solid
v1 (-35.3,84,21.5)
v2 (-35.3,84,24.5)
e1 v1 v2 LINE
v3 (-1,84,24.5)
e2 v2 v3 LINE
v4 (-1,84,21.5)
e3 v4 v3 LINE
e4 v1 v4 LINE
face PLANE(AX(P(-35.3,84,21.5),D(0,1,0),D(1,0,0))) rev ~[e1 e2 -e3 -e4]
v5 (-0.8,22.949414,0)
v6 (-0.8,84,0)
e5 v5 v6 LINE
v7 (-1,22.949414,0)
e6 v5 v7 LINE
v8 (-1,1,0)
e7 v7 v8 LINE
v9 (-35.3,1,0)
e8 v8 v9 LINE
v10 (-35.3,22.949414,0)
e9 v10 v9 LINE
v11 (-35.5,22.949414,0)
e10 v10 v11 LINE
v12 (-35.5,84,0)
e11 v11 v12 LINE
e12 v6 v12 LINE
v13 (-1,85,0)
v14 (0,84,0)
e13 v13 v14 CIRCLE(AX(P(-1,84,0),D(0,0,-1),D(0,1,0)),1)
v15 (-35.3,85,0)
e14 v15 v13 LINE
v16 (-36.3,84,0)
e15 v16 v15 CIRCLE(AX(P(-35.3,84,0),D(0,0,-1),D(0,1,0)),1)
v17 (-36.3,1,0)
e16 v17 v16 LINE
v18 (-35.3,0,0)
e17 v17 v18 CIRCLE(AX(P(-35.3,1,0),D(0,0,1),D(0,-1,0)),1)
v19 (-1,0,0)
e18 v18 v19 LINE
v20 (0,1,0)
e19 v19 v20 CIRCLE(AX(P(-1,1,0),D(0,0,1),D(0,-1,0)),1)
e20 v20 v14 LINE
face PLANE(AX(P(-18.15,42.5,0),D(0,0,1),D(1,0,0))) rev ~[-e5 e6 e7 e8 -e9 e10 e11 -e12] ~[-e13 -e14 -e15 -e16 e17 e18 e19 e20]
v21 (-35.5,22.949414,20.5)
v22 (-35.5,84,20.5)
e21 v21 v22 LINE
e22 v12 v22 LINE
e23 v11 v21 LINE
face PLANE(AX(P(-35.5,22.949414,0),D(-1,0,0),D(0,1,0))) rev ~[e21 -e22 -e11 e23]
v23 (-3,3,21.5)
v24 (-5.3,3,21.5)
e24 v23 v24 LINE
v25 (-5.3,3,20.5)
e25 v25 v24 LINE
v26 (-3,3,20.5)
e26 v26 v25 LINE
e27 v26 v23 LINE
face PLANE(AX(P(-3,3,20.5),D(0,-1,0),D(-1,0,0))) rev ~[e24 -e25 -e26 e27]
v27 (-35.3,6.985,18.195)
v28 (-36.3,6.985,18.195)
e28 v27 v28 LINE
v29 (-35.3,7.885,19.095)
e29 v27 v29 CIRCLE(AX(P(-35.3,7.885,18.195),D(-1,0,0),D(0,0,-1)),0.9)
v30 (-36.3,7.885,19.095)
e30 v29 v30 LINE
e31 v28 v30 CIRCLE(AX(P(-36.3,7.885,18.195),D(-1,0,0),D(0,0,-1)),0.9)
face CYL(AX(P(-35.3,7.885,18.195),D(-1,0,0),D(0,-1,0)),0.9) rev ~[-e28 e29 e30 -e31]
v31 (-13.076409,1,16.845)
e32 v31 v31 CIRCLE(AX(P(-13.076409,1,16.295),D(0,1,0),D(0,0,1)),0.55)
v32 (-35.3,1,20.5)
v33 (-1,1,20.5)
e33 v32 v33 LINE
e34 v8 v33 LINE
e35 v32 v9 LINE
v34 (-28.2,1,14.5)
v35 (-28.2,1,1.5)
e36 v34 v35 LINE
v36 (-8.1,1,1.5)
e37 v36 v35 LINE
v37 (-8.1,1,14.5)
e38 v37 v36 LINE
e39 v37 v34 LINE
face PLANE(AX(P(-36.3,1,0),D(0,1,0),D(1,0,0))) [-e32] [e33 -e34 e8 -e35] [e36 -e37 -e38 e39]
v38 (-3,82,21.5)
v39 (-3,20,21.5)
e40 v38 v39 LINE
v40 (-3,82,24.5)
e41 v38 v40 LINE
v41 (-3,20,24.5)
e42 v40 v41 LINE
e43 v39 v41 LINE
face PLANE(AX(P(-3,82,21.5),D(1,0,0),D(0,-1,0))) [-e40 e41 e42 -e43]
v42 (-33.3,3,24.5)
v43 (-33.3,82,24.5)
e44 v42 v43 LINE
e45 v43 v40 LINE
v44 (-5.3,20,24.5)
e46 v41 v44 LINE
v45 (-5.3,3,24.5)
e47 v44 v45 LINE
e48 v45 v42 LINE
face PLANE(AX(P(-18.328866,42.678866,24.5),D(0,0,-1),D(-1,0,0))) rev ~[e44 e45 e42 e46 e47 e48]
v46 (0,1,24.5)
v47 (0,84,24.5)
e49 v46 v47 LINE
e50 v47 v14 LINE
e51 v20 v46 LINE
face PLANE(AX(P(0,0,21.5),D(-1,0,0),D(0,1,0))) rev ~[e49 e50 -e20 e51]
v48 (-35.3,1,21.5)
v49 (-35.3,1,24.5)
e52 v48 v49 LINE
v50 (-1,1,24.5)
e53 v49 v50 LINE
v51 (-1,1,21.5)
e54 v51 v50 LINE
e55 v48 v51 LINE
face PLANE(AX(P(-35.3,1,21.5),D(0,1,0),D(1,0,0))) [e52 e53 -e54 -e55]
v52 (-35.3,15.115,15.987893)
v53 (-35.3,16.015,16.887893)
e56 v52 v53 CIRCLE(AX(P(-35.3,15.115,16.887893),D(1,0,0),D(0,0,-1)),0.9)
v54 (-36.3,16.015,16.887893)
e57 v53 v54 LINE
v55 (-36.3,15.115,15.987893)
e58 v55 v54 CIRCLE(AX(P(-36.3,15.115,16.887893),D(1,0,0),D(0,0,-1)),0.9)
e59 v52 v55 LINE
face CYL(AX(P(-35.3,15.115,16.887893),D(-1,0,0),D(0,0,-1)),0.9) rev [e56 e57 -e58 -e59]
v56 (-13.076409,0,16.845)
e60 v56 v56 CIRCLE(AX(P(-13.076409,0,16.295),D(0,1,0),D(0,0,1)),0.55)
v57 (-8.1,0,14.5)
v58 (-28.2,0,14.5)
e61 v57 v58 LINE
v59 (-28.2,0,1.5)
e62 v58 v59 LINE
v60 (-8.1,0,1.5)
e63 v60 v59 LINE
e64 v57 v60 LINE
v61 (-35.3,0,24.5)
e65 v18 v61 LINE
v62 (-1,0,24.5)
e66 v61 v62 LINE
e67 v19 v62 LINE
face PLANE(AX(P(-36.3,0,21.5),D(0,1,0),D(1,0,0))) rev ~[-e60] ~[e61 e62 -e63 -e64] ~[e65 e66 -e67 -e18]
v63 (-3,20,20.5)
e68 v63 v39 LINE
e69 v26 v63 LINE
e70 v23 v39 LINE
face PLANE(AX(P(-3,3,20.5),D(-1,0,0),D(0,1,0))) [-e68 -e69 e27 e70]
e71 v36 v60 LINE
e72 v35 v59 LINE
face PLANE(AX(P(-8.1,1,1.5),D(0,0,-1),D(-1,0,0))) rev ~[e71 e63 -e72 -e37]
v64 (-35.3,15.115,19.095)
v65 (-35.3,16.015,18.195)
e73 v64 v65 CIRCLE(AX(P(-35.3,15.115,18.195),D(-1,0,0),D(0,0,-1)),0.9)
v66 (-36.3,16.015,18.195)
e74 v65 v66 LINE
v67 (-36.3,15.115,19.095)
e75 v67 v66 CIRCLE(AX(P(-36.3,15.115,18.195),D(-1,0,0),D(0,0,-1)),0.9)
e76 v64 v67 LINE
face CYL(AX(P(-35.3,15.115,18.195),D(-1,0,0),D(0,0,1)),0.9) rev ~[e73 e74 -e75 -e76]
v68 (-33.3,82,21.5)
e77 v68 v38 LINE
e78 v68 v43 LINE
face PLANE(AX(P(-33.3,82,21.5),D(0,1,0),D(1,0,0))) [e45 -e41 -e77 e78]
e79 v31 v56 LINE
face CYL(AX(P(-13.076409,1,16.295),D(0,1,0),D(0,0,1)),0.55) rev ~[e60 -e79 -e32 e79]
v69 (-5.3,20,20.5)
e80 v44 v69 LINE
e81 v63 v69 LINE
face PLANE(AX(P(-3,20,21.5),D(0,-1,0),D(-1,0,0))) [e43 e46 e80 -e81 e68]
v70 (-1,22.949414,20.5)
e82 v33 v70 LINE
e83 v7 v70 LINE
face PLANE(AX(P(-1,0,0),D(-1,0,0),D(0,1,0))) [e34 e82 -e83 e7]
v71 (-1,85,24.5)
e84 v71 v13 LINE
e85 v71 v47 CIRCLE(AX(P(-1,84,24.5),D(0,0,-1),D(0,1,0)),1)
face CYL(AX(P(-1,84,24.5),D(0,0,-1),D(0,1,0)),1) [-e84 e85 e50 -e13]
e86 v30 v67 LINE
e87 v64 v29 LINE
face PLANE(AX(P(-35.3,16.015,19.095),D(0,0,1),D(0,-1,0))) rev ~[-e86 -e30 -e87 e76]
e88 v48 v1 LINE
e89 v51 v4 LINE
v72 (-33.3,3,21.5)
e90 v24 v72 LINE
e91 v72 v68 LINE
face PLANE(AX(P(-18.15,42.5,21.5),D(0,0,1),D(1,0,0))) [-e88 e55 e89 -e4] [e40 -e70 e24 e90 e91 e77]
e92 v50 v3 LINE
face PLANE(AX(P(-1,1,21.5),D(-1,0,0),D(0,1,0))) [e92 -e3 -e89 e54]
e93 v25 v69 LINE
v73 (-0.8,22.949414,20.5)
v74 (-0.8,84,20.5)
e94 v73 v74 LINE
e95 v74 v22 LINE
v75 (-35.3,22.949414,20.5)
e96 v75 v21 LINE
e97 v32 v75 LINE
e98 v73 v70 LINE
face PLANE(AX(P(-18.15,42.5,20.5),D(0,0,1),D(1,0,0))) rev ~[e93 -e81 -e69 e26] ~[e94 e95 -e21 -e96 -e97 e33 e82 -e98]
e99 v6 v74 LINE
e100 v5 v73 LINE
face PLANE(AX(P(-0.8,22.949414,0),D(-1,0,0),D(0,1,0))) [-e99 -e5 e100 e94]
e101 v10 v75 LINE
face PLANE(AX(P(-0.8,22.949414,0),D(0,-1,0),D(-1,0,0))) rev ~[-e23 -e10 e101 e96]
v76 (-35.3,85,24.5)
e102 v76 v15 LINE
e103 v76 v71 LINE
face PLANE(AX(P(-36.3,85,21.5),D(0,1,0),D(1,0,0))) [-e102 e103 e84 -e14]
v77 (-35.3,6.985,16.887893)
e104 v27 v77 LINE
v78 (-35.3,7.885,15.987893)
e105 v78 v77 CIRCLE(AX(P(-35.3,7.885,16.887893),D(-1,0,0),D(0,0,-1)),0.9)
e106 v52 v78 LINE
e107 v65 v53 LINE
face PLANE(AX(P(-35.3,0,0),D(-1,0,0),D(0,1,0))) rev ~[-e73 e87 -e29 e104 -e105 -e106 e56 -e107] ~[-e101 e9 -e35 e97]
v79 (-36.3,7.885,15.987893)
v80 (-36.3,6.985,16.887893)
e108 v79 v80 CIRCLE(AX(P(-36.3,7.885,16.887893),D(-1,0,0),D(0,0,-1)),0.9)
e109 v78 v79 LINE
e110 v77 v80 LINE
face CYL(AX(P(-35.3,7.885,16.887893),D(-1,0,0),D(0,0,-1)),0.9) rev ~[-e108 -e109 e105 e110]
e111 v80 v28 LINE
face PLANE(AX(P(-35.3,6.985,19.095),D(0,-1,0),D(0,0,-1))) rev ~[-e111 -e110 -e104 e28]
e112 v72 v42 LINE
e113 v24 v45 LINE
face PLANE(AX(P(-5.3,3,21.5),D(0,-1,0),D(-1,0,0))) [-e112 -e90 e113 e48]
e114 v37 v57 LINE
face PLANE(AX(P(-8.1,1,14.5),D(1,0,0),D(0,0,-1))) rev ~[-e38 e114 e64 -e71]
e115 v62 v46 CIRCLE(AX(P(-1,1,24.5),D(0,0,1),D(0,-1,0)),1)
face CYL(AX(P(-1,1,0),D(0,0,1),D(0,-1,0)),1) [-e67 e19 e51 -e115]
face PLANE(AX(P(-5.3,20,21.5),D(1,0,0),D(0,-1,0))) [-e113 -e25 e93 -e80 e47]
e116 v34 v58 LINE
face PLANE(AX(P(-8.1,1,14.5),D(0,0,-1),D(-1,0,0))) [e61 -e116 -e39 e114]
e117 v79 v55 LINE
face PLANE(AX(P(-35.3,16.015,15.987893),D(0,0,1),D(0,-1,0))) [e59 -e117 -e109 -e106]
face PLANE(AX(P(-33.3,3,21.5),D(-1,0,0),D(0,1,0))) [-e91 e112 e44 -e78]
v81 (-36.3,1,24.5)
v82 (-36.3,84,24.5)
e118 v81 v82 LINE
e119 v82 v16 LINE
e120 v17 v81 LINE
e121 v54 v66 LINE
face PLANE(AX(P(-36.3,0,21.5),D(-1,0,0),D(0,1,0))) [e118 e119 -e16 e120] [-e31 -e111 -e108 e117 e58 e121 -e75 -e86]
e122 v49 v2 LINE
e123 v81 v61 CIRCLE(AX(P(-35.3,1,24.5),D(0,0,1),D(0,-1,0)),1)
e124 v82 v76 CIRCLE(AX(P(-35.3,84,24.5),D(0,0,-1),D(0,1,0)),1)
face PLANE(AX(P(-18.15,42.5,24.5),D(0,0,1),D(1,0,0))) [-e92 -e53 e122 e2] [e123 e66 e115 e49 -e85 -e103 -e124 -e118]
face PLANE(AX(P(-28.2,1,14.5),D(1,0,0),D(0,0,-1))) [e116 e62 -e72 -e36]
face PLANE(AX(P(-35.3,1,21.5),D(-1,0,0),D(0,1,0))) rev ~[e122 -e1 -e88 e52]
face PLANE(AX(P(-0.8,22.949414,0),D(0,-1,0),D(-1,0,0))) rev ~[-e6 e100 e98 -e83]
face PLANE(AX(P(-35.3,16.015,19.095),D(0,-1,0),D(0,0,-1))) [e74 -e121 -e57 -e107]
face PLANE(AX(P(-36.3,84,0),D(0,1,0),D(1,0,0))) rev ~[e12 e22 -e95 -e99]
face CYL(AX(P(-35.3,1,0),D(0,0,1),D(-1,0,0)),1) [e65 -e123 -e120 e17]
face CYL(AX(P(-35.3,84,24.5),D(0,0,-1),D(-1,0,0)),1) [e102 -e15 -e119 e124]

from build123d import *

# Parameters (mm, degrees)
SKIZZE1_W                       = 36.3
SKIZZE1_H                       = 85
AUFSATZ_LINEAR_AUSTRAGEN1_DEPTH = 21.5
WANDUNG1_T                      = -1
SKIZZE4_W                       = 9.03
SKIZZE4_H                       = 3.107106781
SCHNITT_LINEAR_AUSTRAGEN1_DEPTH = 10
SKIZZE8_W                       = 36.3
SKIZZE8_H                       = 85
SKIZZE8_W_2                     = 34.3
SKIZZE8_H_2                     = 83
AUFSATZ_LINEAR_AUSTRAGEN5_DEPTH = 3
VERRUNDUNG1_R                   = 0.9
VERRUNDUNG2_R                   = 1
SKIZZE11_W                      = 34.7
SKIZZE11_H                      = 61.050585676
SCHNITT_LINEAR_AUSTRAGEN5_DEPTH = 20.5
SKIZZE6_W                       = 2.3
SKIZZE6_H                       = 17
SCHNITT_LINEAR_AUSTRAGEN6_DEPTH = 1
AUFSATZ_LINEAR_AUSTRAGEN7_DEPTH = 3
SKIZZE13_R                      = 0.55
SCHNITT_LINEAR_AUSTRAGEN7_DEPTH = 2
SKIZZE14_W                      = 13
SKIZZE14_H                      = 20.1
SCHNITT_LINEAR_AUSTRAGEN8_DEPTH = 3


with BuildPart() as part:
    # Skizze1 → Aufsatz-Linear austragen1 (new body)
    with BuildSketch(Plane.XY):
        with Locations((-18.15, 42.5)):
            Rectangle(SKIZZE1_W, SKIZZE1_H)
    extrude(amount=AUFSATZ_LINEAR_AUSTRAGEN1_DEPTH)

    # Wandung1
    wandung1_openings = [part.faces().sort_by_distance(p)[0] for p in [
        (-18.15, 42.5, 0),
    ]]
    offset(amount=WANDUNG1_T, openings=wandung1_openings, kind=Kind.INTERSECTION)

    # Skizze4 → Schnitt-Linear austragen1 (cut)
    with BuildSketch(Plane(origin=(-35.3, 59.749407146, -1119.925163107), x_dir=(0, -1, 0), z_dir=(1, 0, 0))):
        with Locations((48.249407146, -1137.466609716)):
            Rectangle(SKIZZE4_W, SKIZZE4_H)
    extrude(amount=-SCHNITT_LINEAR_AUSTRAGEN1_DEPTH, mode=Mode.SUBTRACT)

    # Skizze8 → Aufsatz-Linear austragen5 (add)
    with BuildSketch(Plane.XY.offset(21.5)):
        with Locations((-18.15, 42.5)):
            Rectangle(SKIZZE8_W, SKIZZE8_H)
        with Locations((-18.15, 42.5)):
            Rectangle(SKIZZE8_W_2, SKIZZE8_H_2, mode=Mode.SUBTRACT)
    extrude(amount=AUFSATZ_LINEAR_AUSTRAGEN5_DEPTH)

    # Verrundung1
    verrundung1_edges = [part.edges().sort_by_distance(p)[0] for p in [
        (-35.8, 6.985, 15.987893219),
        (-35.8, 6.985, 19.095),
        (-35.8, 16.015, 19.095),
        (-35.8, 16.015, 15.987893219),
    ]]
    fillet(verrundung1_edges, radius=VERRUNDUNG1_R)

    # Verrundung2
    verrundung2_edges = [part.edges().sort_by_distance(p)[0] for p in [
        (-36.3, 85, 12.25),
        (-36.3, 0, 12.25),
        (0, 0, 12.25),
        (0, 85, 12.25),
    ]]
    fillet(verrundung2_edges, radius=VERRUNDUNG2_R)

    # Skizze11 → Schnitt-Linear austragen5 (cut)
    with BuildSketch(Plane(origin=(0, 0, 0), x_dir=(-1, 0, 0), z_dir=(0, 0, -1))):
        with Locations((18.15, 53.474707162)):
            Rectangle(SKIZZE11_W, SKIZZE11_H)
    extrude(amount=-SCHNITT_LINEAR_AUSTRAGEN5_DEPTH, mode=Mode.SUBTRACT)

    # Skizze6 → Schnitt-Linear austragen6 (cut)
    with BuildSketch(Plane(origin=(0, 0, 20.5), x_dir=(-1, 0, 0), z_dir=(0, 0, -1))):
        with Locations((4.15, 11.5)):
            Rectangle(SKIZZE6_W, SKIZZE6_H)
    extrude(amount=-SCHNITT_LINEAR_AUSTRAGEN6_DEPTH, mode=Mode.SUBTRACT)

    # Skizze12 → Aufsatz-Linear austragen7 (add)
    with BuildSketch(Plane.XY.offset(21.5)):
        Polygon((-3, 20), (-5.3, 20), (-5.3, 3), (-33.3, 3), (-33.3, 82), (-3, 82), align=None)
    extrude(amount=AUFSATZ_LINEAR_AUSTRAGEN7_DEPTH)

    # Skizze13 → Schnitt-Linear austragen7 (cut)
    with BuildSketch(Plane(origin=(-2.822587719, 1, -1119.925163107), x_dir=(0, 0, -1), z_dir=(0, 1, 0))):
        with Locations(Location((-1136.220163107, 10.253821552, 0), (0, 0, 180))):
            Circle(SKIZZE13_R)
    extrude(amount=-SCHNITT_LINEAR_AUSTRAGEN7_DEPTH, mode=Mode.SUBTRACT)

    # Skizze14 → Schnitt-Linear austragen8 (cut)
    with BuildSketch(Plane(origin=(-2.822587719, 1, -1119.925163107), x_dir=(0, 0, -1), z_dir=(0, 1, 0))):
        with Locations((-1127.925163107, 15.327412281)):
            Rectangle(SKIZZE14_W, SKIZZE14_H)
    extrude(amount=-SCHNITT_LINEAR_AUSTRAGEN8_DEPTH, mode=Mode.SUBTRACT)


solid = part.part
